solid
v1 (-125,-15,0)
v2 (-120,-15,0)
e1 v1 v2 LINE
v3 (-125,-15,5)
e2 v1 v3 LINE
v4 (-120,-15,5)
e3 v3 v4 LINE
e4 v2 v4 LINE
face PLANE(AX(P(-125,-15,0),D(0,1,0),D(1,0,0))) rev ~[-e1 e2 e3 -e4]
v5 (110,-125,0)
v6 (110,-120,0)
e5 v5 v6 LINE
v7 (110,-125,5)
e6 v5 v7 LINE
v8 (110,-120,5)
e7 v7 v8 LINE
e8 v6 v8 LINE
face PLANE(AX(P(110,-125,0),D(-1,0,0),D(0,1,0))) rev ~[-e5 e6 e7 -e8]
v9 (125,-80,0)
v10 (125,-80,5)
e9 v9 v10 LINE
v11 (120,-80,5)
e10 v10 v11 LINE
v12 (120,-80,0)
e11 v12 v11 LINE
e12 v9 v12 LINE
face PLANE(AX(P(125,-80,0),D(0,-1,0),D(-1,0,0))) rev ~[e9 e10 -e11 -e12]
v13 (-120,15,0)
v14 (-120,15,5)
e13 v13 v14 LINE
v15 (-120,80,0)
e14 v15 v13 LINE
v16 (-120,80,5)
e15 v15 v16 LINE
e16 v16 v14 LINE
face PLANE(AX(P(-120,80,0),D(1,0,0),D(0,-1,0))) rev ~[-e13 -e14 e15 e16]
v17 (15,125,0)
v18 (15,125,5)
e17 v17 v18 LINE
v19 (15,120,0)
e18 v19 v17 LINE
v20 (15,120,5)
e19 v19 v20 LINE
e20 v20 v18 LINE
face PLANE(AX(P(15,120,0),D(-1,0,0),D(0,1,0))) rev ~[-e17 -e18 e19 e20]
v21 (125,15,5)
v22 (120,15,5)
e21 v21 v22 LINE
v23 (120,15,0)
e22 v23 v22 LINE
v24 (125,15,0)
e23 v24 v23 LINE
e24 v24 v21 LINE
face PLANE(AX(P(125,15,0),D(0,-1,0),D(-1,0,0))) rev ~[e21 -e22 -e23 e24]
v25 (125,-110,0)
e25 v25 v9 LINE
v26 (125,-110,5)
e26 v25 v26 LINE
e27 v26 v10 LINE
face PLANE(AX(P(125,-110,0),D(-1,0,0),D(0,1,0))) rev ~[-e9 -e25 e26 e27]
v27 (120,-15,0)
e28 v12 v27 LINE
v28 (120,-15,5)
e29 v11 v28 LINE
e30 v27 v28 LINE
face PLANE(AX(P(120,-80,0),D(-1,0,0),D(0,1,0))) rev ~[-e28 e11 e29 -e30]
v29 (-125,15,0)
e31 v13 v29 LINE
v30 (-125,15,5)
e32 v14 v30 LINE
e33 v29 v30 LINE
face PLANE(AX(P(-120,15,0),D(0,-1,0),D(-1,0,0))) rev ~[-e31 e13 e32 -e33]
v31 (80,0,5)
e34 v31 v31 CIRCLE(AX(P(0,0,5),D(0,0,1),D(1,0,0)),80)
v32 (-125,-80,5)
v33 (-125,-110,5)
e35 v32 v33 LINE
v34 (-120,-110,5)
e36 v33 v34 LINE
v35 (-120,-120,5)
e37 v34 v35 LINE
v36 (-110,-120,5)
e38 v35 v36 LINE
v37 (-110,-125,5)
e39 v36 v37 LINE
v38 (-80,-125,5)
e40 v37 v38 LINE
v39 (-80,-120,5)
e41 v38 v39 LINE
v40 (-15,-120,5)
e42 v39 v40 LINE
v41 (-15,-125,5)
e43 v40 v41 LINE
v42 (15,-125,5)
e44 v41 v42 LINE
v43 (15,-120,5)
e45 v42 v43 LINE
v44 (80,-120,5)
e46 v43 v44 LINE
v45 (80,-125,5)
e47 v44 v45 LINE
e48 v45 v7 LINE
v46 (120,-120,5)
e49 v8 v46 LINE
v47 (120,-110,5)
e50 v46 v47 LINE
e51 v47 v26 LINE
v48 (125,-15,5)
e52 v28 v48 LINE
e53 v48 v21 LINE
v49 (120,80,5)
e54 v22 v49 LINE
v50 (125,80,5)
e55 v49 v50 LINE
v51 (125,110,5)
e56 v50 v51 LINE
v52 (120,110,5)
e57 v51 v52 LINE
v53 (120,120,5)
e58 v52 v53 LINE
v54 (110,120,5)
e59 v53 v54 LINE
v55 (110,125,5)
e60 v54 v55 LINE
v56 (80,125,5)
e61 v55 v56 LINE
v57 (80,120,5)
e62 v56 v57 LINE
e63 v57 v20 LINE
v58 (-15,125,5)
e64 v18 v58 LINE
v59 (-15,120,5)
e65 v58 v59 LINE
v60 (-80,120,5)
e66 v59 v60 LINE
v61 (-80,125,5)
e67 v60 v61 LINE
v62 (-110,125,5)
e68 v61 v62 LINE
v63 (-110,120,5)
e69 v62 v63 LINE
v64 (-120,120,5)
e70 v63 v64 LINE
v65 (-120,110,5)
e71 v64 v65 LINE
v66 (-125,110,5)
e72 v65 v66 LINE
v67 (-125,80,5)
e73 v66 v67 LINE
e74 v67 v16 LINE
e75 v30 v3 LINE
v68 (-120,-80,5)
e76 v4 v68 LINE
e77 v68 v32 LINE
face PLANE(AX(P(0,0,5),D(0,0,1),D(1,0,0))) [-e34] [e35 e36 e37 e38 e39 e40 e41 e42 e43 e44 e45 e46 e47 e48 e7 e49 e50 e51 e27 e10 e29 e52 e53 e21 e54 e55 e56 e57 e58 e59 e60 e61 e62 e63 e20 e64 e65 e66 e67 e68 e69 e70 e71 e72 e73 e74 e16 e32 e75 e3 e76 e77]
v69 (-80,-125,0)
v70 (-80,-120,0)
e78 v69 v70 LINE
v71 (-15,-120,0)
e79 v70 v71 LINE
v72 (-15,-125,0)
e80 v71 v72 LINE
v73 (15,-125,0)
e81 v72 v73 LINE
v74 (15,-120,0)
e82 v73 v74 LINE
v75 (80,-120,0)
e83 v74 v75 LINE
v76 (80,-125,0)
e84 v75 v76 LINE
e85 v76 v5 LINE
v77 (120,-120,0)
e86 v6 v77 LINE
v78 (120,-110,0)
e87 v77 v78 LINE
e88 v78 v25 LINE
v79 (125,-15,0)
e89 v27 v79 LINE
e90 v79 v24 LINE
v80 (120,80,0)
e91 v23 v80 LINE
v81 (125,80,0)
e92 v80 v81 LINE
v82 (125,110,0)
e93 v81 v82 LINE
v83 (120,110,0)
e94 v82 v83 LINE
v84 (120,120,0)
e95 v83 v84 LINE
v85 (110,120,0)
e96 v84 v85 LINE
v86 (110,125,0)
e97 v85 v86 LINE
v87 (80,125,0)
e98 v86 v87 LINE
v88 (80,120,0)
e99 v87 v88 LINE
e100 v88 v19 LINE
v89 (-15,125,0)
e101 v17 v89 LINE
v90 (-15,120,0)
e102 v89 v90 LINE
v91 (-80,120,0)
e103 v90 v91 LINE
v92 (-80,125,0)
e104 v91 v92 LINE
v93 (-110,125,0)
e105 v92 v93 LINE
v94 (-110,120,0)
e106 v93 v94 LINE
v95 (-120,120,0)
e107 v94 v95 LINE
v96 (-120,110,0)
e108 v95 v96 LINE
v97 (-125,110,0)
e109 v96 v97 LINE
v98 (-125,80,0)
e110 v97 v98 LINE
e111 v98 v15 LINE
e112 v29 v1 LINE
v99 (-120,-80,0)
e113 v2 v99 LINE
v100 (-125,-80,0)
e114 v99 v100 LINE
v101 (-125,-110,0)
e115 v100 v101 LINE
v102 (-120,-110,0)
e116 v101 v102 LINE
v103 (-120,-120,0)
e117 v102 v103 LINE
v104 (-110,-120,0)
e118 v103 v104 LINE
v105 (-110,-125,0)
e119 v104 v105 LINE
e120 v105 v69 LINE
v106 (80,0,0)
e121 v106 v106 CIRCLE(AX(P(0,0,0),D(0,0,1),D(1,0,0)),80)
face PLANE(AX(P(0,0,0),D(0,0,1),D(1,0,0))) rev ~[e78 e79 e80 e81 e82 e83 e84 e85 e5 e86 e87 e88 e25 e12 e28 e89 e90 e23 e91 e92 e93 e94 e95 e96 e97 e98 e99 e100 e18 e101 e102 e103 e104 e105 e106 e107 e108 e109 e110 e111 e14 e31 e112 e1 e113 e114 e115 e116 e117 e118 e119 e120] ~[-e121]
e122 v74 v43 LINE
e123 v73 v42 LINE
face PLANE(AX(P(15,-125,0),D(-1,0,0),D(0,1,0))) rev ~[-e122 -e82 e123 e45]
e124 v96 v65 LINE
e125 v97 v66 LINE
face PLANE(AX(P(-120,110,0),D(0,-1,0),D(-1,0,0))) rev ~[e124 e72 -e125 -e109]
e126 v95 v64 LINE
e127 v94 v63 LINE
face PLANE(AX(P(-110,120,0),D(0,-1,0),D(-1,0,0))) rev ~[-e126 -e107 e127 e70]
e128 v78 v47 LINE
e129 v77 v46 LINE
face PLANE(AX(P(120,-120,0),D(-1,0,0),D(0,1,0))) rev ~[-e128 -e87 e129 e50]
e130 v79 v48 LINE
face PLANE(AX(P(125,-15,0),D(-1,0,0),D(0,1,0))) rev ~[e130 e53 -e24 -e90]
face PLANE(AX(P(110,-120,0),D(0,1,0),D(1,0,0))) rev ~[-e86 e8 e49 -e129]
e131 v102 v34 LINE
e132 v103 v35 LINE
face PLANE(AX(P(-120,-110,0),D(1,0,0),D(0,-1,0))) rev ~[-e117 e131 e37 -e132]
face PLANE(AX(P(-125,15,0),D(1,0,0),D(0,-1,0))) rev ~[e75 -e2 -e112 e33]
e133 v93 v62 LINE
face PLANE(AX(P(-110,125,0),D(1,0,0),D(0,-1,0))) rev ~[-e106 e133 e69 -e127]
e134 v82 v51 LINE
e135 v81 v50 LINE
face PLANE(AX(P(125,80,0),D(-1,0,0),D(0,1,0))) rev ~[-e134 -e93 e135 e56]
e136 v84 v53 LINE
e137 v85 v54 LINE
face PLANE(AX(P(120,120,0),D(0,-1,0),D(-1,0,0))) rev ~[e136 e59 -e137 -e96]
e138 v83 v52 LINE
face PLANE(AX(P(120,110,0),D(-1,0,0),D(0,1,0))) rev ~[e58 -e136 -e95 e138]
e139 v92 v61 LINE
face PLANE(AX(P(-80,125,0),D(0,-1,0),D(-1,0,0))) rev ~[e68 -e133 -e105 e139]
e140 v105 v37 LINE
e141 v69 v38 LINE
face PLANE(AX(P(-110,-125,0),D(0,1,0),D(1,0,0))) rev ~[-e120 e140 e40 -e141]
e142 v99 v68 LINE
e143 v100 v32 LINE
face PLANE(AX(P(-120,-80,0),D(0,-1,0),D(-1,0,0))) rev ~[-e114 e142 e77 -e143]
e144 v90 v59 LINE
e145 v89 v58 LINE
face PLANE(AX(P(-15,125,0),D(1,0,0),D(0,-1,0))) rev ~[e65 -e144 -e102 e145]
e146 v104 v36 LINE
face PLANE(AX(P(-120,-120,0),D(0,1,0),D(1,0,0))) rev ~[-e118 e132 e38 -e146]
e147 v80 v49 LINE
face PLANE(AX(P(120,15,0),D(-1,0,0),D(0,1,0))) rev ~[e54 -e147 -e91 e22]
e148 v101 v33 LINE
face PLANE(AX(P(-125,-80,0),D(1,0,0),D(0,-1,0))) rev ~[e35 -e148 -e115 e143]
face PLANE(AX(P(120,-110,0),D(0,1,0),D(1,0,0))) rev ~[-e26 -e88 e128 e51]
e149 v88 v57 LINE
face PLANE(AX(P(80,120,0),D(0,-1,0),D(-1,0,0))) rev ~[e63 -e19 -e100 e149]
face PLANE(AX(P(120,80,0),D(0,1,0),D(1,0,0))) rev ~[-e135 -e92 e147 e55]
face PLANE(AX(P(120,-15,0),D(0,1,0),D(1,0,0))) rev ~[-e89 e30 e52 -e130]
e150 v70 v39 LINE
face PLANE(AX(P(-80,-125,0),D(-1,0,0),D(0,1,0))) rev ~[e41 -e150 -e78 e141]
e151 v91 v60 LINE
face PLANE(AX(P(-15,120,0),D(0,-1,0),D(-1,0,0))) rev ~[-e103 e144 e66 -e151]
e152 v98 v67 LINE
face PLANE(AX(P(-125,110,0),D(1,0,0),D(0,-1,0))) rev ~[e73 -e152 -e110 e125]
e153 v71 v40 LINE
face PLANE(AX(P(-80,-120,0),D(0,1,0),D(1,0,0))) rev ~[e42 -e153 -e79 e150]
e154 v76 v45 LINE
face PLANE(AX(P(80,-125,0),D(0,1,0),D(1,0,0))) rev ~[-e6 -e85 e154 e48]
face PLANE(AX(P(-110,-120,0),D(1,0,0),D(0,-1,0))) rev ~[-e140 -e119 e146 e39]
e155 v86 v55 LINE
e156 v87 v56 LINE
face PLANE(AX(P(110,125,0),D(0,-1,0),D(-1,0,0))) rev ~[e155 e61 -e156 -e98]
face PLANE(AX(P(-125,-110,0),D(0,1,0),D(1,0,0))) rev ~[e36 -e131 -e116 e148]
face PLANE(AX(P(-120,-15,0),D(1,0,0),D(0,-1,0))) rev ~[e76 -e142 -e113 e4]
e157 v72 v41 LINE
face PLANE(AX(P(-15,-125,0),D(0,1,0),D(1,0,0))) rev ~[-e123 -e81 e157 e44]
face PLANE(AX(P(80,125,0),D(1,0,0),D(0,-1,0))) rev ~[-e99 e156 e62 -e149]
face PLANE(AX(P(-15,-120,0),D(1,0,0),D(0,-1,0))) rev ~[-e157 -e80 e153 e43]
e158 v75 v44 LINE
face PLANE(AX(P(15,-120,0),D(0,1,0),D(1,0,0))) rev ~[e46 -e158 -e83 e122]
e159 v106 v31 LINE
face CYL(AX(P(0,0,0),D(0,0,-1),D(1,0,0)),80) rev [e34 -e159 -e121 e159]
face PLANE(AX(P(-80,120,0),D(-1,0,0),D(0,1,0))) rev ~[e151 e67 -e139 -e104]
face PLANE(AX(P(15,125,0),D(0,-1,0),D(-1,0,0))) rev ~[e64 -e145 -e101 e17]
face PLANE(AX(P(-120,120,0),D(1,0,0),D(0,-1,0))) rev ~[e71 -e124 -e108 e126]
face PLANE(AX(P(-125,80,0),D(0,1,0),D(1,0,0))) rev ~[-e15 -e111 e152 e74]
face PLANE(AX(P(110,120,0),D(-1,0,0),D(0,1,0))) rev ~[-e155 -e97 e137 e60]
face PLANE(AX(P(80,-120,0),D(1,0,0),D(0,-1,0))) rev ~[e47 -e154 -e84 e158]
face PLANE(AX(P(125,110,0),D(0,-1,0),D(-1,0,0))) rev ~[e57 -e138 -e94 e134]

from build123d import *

# Parameters (mm, degrees)
SKETCH1_R           = 80
BOSS_EXTRUDE1_DEPTH = 5


with BuildPart() as part:
    # Sketch1 → Boss-Extrude1 (new body)
    with BuildSketch(Plane.XY):
        Polygon((-110, 120), (-120, 120), (-120, 110), (-125, 110), (-125, 80), (-120, 80), (-120, 15), (-125, 15), (-125, -15), (-120, -15), (-120, -80), (-125, -80), (-125, -110), (-120, -110), (-120, -120), (-110, -120), (-110, -125), (-80, -125), (-80, -120), (-15, -120), (-15, -125), (15, -125), (15, -120), (80, -120), (80, -125), (110, -125), (110, -120), (120, -120), (120, -110), (125, -110), (125, -80), (120, -80), (120, -15), (125, -15), (125, 15), (120, 15), (120, 80), (125, 80), (125, 110), (120, 110), (120, 120), (110, 120), (110, 125), (80, 125), (80, 120), (15, 120), (15, 125), (-15, 125), (-15, 120), (-80, 120), (-80, 125), (-110, 125), align=None)
        Circle(SKETCH1_R, mode=Mode.SUBTRACT)
    extrude(amount=BOSS_EXTRUDE1_DEPTH)


solid = part.part
